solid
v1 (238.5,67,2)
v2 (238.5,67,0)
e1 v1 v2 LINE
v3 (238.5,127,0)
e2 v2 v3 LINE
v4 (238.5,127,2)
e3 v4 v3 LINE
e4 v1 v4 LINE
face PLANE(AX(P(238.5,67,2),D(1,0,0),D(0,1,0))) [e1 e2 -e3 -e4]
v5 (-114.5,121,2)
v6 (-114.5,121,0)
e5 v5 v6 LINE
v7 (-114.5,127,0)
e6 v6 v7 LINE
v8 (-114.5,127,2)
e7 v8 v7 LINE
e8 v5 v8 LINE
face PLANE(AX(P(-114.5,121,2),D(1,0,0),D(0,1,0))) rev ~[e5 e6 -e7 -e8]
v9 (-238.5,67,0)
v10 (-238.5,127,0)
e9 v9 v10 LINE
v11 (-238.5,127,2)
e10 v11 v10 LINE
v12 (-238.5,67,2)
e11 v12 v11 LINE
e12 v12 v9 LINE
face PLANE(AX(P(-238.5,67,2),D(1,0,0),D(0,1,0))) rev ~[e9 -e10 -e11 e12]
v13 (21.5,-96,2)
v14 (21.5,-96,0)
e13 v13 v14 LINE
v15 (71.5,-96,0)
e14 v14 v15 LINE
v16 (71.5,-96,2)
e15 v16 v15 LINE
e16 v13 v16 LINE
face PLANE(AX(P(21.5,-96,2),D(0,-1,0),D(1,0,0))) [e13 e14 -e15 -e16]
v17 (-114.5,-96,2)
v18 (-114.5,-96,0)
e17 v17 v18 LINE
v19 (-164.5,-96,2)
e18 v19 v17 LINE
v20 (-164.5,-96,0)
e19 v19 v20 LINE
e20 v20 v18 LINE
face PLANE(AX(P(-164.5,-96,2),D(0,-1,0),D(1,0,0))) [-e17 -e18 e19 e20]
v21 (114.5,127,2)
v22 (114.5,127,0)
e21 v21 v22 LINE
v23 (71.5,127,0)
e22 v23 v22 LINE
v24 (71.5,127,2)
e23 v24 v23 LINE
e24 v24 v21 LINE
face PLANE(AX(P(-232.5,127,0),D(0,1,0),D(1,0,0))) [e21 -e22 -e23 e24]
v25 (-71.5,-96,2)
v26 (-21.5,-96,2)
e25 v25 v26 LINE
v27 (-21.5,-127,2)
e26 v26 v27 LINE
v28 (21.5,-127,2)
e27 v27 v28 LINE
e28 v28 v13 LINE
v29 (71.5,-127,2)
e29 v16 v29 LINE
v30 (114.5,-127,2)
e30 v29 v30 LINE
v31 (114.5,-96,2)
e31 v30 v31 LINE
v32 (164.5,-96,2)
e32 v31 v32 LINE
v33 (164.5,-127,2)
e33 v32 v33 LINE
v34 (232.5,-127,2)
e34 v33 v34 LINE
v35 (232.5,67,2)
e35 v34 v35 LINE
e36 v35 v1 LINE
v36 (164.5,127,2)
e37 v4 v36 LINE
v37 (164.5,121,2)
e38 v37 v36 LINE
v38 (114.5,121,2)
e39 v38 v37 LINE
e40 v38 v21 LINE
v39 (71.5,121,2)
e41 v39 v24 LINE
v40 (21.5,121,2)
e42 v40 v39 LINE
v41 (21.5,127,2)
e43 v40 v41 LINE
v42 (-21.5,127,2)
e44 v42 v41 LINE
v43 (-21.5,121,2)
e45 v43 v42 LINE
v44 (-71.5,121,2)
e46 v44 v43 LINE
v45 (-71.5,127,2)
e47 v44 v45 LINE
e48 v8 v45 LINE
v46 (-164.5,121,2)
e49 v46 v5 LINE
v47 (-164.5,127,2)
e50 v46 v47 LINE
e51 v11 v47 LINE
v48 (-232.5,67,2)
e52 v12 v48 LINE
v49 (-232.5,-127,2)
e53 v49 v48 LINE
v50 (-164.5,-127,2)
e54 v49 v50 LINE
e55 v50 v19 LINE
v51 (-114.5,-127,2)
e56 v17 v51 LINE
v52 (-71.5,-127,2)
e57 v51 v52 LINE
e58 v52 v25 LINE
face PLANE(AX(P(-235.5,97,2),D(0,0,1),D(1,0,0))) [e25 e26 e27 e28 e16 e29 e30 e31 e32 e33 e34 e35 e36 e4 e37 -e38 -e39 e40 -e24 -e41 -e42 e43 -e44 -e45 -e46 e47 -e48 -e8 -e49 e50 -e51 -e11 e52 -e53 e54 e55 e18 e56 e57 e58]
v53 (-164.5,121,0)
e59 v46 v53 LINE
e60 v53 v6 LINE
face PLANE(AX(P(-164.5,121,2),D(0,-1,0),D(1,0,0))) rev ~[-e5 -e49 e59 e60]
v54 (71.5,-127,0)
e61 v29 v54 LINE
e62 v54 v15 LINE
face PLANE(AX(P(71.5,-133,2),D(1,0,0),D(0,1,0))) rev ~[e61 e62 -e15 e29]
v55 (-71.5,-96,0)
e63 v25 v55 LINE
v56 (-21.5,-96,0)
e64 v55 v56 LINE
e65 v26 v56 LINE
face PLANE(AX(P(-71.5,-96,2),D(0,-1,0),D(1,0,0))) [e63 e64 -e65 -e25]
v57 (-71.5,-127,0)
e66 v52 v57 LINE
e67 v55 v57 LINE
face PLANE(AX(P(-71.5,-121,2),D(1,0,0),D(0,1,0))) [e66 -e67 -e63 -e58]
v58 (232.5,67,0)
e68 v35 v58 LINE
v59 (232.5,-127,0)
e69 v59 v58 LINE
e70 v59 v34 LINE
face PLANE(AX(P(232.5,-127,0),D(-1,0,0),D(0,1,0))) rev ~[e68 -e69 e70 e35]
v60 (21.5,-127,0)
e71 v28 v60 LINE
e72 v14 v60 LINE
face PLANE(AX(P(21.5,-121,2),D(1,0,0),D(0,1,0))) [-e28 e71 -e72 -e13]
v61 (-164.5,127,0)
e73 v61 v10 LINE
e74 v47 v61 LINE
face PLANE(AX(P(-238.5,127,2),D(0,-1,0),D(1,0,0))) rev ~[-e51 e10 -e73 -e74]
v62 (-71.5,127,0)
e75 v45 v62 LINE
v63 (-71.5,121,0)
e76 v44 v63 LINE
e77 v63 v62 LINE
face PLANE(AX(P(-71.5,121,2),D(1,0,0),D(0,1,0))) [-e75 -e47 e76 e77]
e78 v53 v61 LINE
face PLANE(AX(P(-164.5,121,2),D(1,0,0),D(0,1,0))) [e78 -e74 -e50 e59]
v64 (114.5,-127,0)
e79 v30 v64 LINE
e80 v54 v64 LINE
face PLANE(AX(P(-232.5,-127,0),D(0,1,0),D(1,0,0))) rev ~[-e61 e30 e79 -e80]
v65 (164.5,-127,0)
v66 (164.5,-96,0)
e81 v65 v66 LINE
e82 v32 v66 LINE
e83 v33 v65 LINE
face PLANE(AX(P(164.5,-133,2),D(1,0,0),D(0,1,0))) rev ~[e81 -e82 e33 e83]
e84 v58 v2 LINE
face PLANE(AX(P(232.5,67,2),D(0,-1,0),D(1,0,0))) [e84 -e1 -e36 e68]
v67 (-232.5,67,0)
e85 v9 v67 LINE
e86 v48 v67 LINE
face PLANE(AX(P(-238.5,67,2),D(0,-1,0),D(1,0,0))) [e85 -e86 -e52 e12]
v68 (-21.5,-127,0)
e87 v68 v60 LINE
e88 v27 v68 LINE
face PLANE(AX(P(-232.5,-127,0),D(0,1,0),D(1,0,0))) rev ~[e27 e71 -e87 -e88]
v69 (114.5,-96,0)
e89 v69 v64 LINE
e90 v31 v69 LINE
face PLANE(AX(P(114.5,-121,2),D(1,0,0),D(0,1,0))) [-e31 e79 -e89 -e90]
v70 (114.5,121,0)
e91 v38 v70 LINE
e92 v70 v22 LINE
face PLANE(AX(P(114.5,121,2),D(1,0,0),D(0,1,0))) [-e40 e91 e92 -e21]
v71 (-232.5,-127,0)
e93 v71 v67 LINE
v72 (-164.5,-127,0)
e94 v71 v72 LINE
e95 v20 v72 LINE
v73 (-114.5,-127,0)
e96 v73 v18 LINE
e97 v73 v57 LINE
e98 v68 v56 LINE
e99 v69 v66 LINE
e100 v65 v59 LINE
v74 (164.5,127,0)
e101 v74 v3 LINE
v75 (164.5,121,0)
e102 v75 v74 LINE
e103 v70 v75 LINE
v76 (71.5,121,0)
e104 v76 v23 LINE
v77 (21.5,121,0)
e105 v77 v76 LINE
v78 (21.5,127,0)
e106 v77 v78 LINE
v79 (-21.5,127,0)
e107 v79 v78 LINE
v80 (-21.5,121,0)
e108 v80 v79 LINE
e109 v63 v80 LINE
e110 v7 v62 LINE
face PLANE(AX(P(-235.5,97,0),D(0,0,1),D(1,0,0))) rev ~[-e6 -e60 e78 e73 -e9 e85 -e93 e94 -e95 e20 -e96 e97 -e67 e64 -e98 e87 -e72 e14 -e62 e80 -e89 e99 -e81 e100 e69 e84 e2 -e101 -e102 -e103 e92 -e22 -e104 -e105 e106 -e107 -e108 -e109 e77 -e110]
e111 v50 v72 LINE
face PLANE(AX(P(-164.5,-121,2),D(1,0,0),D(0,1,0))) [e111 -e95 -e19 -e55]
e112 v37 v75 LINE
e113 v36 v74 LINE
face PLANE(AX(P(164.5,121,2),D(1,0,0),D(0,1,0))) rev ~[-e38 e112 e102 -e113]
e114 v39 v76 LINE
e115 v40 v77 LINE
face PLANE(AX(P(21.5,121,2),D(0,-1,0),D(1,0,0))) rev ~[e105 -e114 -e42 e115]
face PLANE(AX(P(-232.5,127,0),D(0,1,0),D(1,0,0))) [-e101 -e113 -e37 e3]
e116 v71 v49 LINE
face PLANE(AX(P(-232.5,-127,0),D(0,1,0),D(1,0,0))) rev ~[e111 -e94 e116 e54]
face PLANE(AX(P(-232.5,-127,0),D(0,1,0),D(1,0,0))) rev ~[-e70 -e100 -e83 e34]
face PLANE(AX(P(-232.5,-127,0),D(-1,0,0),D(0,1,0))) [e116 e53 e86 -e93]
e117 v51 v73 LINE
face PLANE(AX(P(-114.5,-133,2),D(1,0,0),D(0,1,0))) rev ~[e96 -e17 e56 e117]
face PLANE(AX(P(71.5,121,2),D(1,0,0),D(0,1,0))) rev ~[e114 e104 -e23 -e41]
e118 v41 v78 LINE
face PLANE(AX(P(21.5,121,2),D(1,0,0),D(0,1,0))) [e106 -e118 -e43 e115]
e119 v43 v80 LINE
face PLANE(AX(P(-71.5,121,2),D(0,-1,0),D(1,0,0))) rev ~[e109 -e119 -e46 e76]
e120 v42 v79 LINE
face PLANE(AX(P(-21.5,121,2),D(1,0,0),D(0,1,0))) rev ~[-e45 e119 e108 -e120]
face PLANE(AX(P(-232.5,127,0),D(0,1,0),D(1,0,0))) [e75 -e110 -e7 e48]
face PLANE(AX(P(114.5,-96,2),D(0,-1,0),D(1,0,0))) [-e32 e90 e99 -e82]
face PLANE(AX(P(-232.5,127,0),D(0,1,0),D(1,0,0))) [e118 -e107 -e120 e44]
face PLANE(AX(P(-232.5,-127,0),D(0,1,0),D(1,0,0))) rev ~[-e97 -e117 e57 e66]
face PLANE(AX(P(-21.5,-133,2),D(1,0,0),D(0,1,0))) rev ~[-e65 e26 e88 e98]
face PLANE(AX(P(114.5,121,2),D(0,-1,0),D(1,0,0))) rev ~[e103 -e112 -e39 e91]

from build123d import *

# Parameters (mm, degrees)
SKETCH1_W           = 465
SKETCH1_H           = 254
BOSS_EXTRUDE1_DEPTH = 2
SKETCH2_W           = 50
SKETCH2_H           = 12
CUT_EXTRUDE1_DEPTH  = 2
SKETCH3_W           = 6
SKETCH3_H           = 60
BOSS_EXTRUDE2_DEPTH = 2
SKETCH4_W           = 50
SKETCH4_H           = 25
CUT_EXTRUDE2_DEPTH  = 2


with BuildPart() as part:
    # Sketch1 → Boss-Extrude1 (new body)
    with BuildSketch(Plane.XY):
        Rectangle(SKETCH1_W, SKETCH1_H)
    extrude(amount=BOSS_EXTRUDE1_DEPTH)

    # Sketch2 → Cut-Extrude1 (cut)
    with BuildSketch(Plane.XY.offset(2)):
        with Locations((-139.5, -127)):
            Rectangle(SKETCH2_W, SKETCH2_H)
        with Locations((-46.5, -127)):
            Rectangle(SKETCH2_W, SKETCH2_H)
        with Locations((46.5, -127)):
            Rectangle(SKETCH2_W, SKETCH2_H)
        with Locations((139.5, -127)):
            Rectangle(SKETCH2_W, SKETCH2_H)
        with Locations((-139.5, 127)):
            Rectangle(SKETCH2_W, SKETCH2_H)
        with Locations((-46.5, 127)):
            Rectangle(SKETCH2_W, SKETCH2_H)
        with Locations((46.5, 127)):
            Rectangle(SKETCH2_W, SKETCH2_H)
        with Locations((139.5, 127)):
            Rectangle(SKETCH2_W, SKETCH2_H)
    extrude(amount=-CUT_EXTRUDE1_DEPTH, mode=Mode.SUBTRACT)

    # Sketch3 → Boss-Extrude2 (add)
    with BuildSketch(Plane.XY.offset(2)):
        with Locations((-235.5, 97)):
            Rectangle(SKETCH3_W, SKETCH3_H)
        with Locations((235.5, 97)):
            Rectangle(SKETCH3_W, SKETCH3_H)
    extrude(amount=-BOSS_EXTRUDE2_DEPTH)

    # Sketch4 → Cut-Extrude2 (cut)
    with BuildSketch(Plane.XY.offset(2)):
        with Locations((-139.5, -108.5)):
            Rectangle(SKETCH4_W, SKETCH4_H)
        with Locations((46.5, -108.5)):
            Rectangle(SKETCH4_W, SKETCH4_H)
        with Locations((139.5, -108.5)):
            Rectangle(SKETCH4_W, SKETCH4_H)
        with Locations((-46.5, -108.5)):
            Rectangle(SKETCH4_W, SKETCH4_H)
    extrude(amount=-CUT_EXTRUDE2_DEPTH, mode=Mode.SUBTRACT)


solid = part.part
